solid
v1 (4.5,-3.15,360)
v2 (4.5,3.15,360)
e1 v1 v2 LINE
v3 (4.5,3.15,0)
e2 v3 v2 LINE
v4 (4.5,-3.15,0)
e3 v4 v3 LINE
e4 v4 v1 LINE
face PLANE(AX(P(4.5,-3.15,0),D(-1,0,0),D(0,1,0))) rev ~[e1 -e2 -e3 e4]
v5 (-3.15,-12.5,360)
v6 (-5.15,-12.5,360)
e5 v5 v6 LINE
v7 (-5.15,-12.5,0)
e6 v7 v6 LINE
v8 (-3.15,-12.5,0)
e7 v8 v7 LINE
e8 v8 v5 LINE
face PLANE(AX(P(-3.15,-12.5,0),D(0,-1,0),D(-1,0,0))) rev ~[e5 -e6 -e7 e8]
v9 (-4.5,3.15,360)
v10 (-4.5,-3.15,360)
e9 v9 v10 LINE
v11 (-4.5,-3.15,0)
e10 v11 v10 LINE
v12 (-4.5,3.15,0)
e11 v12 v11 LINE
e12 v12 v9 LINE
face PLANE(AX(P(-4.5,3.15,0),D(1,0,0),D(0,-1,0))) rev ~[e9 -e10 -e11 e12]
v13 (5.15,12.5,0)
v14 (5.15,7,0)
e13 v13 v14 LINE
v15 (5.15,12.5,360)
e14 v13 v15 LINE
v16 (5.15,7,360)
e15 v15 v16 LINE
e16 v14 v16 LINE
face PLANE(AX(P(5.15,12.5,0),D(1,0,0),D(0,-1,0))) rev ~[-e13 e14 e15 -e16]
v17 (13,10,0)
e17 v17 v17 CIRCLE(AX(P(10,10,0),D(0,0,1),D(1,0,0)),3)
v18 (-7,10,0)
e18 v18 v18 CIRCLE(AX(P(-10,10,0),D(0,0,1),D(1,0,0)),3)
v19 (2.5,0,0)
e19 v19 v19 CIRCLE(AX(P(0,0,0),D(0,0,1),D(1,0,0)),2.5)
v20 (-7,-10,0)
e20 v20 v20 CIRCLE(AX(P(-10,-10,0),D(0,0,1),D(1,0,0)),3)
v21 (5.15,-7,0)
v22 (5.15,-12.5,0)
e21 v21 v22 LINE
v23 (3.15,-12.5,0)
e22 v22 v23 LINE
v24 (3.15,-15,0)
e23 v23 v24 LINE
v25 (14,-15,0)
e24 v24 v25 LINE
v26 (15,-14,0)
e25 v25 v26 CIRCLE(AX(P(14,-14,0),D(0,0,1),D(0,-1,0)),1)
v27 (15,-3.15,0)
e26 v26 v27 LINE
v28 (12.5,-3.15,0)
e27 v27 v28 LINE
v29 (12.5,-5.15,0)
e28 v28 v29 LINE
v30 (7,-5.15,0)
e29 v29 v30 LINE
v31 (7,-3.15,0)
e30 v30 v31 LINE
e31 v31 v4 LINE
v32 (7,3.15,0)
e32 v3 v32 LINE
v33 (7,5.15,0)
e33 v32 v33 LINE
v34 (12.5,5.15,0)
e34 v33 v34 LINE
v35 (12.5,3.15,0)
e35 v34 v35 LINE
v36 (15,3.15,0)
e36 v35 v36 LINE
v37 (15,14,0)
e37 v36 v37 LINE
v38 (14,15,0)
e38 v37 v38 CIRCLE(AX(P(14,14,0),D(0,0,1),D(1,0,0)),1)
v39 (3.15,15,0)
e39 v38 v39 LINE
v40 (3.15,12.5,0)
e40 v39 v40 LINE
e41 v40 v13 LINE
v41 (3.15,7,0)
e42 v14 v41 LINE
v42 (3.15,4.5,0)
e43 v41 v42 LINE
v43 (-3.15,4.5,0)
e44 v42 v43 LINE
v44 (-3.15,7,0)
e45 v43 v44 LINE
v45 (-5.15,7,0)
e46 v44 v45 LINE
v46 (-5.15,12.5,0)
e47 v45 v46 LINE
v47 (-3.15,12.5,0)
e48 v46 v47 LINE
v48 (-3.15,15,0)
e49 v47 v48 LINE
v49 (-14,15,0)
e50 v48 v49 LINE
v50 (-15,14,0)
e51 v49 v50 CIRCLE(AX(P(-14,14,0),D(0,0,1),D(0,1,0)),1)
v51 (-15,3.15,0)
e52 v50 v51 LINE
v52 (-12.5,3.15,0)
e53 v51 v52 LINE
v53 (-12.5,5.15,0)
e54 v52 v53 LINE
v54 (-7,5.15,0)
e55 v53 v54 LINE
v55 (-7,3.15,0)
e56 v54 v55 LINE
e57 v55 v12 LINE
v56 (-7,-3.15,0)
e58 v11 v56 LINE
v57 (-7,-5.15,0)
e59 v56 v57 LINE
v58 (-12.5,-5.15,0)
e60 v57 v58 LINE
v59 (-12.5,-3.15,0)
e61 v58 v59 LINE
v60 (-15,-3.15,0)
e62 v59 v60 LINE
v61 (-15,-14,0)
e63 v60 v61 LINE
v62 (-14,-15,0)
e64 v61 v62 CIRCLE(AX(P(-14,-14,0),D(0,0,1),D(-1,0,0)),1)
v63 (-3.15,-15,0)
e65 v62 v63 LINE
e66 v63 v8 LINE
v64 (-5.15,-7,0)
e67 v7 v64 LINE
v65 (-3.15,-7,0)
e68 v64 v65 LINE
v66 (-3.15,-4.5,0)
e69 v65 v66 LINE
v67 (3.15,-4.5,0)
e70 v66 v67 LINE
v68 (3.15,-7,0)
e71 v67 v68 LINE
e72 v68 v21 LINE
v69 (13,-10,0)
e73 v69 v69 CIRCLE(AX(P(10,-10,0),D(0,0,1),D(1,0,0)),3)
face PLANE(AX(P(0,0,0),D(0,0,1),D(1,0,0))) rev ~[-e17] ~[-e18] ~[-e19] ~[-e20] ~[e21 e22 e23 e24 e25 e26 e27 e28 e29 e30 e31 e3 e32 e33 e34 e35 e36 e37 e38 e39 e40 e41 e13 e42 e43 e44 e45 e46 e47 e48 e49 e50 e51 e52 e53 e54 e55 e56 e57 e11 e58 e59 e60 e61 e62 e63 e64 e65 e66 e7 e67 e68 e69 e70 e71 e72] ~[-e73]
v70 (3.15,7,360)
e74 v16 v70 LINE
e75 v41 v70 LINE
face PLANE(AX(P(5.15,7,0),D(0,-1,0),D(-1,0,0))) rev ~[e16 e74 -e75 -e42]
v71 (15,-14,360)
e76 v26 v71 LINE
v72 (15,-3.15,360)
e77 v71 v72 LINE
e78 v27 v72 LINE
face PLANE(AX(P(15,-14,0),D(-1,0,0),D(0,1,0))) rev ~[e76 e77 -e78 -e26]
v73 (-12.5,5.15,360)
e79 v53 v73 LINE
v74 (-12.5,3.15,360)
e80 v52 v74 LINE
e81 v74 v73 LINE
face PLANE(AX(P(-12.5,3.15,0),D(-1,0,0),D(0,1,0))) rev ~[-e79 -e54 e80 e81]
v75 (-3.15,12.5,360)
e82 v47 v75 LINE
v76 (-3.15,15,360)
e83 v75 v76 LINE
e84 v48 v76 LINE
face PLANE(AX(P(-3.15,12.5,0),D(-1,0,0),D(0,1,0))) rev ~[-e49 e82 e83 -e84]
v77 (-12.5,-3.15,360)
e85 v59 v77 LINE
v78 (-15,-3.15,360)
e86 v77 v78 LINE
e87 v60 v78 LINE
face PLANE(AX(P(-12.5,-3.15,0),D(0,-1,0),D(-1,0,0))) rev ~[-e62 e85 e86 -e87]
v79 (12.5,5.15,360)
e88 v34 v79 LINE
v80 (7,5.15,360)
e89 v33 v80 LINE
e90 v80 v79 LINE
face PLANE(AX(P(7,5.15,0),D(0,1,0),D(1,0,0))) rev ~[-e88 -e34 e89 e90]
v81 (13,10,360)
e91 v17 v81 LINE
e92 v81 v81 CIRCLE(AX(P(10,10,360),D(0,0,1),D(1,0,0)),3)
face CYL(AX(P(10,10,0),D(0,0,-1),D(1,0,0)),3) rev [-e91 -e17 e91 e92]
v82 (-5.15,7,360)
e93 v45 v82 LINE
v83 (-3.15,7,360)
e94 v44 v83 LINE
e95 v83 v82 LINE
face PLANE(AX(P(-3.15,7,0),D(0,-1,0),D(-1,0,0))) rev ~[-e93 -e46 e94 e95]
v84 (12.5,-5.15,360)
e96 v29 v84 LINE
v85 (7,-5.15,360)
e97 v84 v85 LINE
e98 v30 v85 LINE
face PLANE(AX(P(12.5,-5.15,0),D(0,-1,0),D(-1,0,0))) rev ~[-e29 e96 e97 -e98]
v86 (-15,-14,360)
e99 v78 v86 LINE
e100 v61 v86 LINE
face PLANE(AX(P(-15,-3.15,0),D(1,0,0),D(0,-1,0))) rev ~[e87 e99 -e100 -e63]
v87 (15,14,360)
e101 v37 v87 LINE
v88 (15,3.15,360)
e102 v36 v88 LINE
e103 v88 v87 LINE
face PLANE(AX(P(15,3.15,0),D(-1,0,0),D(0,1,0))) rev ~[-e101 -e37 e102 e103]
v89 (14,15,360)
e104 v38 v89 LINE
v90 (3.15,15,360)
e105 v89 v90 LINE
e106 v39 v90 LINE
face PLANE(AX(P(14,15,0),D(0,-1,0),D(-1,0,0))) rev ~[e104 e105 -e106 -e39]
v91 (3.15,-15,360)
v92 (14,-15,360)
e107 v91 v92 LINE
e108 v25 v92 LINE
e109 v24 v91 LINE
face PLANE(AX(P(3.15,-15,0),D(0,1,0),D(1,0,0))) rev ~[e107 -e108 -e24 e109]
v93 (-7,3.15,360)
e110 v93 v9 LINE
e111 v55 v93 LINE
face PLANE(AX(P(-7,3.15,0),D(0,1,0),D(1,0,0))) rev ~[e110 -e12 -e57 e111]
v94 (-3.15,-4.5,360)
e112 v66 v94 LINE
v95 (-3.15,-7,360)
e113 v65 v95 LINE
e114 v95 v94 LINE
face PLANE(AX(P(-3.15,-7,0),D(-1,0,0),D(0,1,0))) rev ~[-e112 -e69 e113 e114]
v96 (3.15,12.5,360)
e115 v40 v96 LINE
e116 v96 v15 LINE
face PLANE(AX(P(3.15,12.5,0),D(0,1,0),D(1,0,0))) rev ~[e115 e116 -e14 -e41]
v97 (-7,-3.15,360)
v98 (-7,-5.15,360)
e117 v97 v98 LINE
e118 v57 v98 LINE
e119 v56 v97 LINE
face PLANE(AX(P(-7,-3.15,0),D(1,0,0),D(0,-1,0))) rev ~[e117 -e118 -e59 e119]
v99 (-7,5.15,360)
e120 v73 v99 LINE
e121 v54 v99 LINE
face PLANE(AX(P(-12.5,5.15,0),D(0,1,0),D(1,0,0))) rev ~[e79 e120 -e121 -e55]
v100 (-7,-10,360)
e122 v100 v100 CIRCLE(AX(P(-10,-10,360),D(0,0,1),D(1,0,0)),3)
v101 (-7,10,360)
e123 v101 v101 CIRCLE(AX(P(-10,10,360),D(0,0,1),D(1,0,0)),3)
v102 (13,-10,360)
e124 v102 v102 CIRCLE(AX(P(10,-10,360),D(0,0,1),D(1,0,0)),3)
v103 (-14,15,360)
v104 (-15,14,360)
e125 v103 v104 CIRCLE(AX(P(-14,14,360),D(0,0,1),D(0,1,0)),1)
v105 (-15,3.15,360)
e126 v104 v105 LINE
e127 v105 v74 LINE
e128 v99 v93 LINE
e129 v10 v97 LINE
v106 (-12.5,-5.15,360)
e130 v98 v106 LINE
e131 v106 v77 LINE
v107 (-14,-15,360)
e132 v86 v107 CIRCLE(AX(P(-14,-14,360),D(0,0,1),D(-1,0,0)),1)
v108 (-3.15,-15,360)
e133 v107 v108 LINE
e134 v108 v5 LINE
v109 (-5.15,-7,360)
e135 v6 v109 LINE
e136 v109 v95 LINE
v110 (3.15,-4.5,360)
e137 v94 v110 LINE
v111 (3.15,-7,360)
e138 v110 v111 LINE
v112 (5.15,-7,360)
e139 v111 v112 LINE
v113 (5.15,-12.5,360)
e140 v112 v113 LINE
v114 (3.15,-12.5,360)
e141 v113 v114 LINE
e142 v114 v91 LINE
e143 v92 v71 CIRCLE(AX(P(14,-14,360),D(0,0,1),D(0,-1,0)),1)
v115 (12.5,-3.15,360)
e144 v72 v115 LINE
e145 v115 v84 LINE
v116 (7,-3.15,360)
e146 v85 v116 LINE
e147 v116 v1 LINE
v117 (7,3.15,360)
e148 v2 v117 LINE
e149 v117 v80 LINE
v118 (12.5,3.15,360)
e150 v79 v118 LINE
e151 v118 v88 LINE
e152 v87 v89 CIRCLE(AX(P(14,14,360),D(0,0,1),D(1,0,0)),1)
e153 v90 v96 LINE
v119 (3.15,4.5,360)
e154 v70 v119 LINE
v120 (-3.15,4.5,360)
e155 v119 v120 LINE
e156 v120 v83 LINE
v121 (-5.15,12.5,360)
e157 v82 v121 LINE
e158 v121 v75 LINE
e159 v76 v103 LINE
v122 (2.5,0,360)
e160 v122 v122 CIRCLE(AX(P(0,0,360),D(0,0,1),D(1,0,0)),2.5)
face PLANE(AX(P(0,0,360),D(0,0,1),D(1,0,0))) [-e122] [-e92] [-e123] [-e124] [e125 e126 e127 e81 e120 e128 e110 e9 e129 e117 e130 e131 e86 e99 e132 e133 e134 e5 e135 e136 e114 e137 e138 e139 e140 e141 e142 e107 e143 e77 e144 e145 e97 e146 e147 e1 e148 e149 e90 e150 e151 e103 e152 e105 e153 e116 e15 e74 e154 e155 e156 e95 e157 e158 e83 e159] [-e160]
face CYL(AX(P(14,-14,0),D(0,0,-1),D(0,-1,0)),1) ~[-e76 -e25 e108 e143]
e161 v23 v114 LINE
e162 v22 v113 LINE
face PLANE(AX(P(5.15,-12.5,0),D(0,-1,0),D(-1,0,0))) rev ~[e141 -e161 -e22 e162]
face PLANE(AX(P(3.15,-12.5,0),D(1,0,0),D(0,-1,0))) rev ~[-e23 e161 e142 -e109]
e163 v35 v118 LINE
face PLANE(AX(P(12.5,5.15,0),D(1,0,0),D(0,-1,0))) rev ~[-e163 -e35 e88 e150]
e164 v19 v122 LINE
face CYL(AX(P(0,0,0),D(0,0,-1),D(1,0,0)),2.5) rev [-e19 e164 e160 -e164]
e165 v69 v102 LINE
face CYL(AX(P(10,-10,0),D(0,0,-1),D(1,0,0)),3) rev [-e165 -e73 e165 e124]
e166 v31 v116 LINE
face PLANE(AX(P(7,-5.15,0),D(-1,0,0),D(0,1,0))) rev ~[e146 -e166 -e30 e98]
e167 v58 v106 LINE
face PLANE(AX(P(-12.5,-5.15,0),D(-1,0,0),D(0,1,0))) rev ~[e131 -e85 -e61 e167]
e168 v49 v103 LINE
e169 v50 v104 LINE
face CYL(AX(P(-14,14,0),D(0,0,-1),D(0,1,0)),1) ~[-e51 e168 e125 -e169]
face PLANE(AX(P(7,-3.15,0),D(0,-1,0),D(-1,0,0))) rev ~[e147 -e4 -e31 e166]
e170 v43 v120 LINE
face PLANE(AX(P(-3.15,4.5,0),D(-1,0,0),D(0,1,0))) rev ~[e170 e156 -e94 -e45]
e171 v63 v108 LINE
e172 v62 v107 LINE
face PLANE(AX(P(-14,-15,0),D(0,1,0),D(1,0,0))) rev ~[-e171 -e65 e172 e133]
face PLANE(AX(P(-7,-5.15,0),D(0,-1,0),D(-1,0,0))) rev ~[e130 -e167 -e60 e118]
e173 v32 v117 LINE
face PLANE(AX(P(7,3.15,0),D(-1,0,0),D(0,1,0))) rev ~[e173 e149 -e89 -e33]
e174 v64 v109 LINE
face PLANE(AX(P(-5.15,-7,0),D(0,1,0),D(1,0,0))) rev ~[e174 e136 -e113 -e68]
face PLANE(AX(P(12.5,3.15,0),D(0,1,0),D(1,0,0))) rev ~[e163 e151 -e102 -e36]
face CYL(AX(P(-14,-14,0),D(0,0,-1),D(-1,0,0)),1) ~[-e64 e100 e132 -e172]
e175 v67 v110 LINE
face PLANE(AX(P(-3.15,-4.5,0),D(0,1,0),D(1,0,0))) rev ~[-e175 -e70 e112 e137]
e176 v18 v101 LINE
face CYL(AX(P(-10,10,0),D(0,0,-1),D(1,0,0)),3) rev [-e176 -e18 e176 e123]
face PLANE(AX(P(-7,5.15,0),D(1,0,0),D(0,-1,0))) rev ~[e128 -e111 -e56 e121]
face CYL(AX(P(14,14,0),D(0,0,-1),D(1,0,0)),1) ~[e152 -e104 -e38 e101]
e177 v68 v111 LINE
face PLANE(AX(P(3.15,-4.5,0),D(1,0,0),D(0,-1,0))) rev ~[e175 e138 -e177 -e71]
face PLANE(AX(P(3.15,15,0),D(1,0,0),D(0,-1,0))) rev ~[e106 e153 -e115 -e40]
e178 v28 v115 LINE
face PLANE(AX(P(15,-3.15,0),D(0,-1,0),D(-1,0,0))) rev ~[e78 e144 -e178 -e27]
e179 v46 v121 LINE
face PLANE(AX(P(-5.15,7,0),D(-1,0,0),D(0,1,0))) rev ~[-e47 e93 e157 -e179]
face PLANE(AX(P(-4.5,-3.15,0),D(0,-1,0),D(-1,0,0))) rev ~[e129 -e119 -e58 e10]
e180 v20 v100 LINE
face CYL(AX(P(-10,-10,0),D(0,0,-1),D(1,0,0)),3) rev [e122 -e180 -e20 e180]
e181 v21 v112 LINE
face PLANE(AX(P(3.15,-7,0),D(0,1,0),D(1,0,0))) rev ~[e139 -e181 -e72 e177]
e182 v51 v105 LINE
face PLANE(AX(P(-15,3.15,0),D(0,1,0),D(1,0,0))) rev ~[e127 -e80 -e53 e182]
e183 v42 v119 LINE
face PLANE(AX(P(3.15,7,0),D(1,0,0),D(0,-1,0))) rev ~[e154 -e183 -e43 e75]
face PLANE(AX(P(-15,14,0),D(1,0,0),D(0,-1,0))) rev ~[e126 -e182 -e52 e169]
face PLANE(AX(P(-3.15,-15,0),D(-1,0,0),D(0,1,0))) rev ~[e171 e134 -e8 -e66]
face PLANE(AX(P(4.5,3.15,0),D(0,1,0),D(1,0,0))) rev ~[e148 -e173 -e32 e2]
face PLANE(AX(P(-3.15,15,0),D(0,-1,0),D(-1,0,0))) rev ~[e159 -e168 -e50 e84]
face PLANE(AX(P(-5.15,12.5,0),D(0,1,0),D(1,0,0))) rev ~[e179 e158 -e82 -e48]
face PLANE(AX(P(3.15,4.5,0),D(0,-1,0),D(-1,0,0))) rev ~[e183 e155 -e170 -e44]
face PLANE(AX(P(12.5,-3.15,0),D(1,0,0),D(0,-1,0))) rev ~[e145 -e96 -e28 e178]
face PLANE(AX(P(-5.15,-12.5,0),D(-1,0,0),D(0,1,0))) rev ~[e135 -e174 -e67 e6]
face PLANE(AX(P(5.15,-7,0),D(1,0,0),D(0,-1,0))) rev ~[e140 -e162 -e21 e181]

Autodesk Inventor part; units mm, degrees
ref_plane "YZ Plane" through (0, 0, 0) normal (1, 0, 0) x (0, 1, 0)
ref_plane "XZ Plane" through (0, 0, 0) normal (0, 1, 0) x (-1, 0, 0)
ref_plane "XY Plane" through (0, 0, 0) normal (0, 0, 1) x (1, 0, 0)
feature "ソリッド1" [suppressed]
sketch "スケッチ2" plane through (0, 0, 0) normal (0, 0, 1) x (1, 0, 0)
  line L0 (-12.5, 5.15) -> (-7, 5.15) projected
  line L1 (-7, 5.15) -> (-7, 3.15) projected
  line L2 (-7, 3.15) -> (-4.5, 3.15) projected
  line L3 (-4.5, 3.15) -> (-4.5, -3.15) projected
  line L4 (-4.5, -3.15) -> (-7, -3.15) projected
  line L5 (-7, -3.15) -> (-7, -5.15) projected
  line L6 (-7, -5.15) -> (-12.5, -5.15) projected
  line L7 (-12.5, -5.15) -> (-12.5, -3.15) projected
  line L8 (-12.5, -3.15) -> (-15, -3.15) projected
  line L9 (-15, -3.15) -> (-15, -14) projected
  arc A0 (-15, -14) -> (-14, -15) centre (-14, -14) ccw projected
  line L10 (-14, -15) -> (-3.15, -15) projected
  line L11 (-3.15, -15) -> (-3.15, -12.5) projected
  line L12 (-3.15, -12.5) -> (-5.15, -12.5) projected
  line L13 (-5.15, -12.5) -> (-5.15, -7) projected
  line L14 (-5.15, -7) -> (-3.15, -7) projected
  line L15 (-3.15, -7) -> (-3.15, -4.5) projected
  line L16 (-3.15, -4.5) -> (3.15, -4.5) projected
  line L17 (3.15, -4.5) -> (3.15, -7) projected
  line L18 (3.15, -7) -> (5.15, -7) projected
  line L19 (5.15, -7) -> (5.15, -12.5) projected
  line L20 (5.15, -12.5) -> (3.15, -12.5) projected
  line L21 (3.15, -12.5) -> (3.15, -15) projected
  line L22 (3.15, -15) -> (14, -15) projected
  arc A1 (14, -15) -> (15, -14) centre (14, -14) ccw projected
  line L23 (15, -14) -> (15, -3.15) projected
  line L24 (15, -3.15) -> (12.5, -3.15) projected
  line L25 (12.5, -3.15) -> (12.5, -5.15) projected
  line L26 (12.5, -5.15) -> (7, -5.15) projected
  line L27 (7, -5.15) -> (7, -3.15) projected
  line L28 (7, -3.15) -> (4.5, -3.15) projected
  line L29 (4.5, -3.15) -> (4.5, 3.15) projected
  line L30 (4.5, 3.15) -> (7, 3.15) projected
  line L31 (7, 3.15) -> (7, 5.15) projected
  line L32 (7, 5.15) -> (12.5, 5.15) projected
  line L33 (12.5, 5.15) -> (12.5, 3.15) projected
  line L34 (12.5, 3.15) -> (15, 3.15) projected
  line L35 (15, 3.15) -> (15, 14) projected
  arc A2 (15, 14) -> (14, 15) centre (14, 14) ccw projected
  line L36 (14, 15) -> (3.15, 15) projected
  line L37 (3.15, 15) -> (3.15, 12.5) projected
  line L38 (3.15, 12.5) -> (5.15, 12.5) projected
  line L39 (5.15, 12.5) -> (5.15, 7) projected
  line L40 (5.15, 7) -> (3.15, 7) projected
  line L41 (3.15, 7) -> (3.15, 4.5) projected
  line L42 (3.15, 4.5) -> (-3.15, 4.5) projected
  line L43 (-3.15, 4.5) -> (-3.15, 7) projected
  line L44 (-3.15, 7) -> (-5.15, 7) projected
  line L45 (-5.15, 7) -> (-5.15, 12.5) projected
  line L46 (-5.15, 12.5) -> (-3.15, 12.5) projected
  line L47 (-3.15, 12.5) -> (-3.15, 15) projected
  line L48 (-3.15, 15) -> (-14, 15) projected
  arc A3 (-14, 15) -> (-15, 14) centre (-14, 14) ccw projected
  line L49 (-15, 14) -> (-15, 3.15) projected
  line L50 (-15, 3.15) -> (-12.5, 3.15) projected
  line L51 (-12.5, 3.15) -> (-12.5, 5.15) projected
  circle A4 centre (10, 10) radius 3 projected
  circle A5 centre (-10, 10) radius 3 projected
  circle A6 centre (-10, -10) radius 3 projected
  circle A7 centre (10, -10) radius 3 projected
  circle A8 centre (0, 0) radius 2.5 projected
extrude "押し出し1" add sketch "スケッチ2" along normal blind 360
equation "\"d1\" = L"
equation "\"L\" = 360"
properties part number "AFS-3030-200"
